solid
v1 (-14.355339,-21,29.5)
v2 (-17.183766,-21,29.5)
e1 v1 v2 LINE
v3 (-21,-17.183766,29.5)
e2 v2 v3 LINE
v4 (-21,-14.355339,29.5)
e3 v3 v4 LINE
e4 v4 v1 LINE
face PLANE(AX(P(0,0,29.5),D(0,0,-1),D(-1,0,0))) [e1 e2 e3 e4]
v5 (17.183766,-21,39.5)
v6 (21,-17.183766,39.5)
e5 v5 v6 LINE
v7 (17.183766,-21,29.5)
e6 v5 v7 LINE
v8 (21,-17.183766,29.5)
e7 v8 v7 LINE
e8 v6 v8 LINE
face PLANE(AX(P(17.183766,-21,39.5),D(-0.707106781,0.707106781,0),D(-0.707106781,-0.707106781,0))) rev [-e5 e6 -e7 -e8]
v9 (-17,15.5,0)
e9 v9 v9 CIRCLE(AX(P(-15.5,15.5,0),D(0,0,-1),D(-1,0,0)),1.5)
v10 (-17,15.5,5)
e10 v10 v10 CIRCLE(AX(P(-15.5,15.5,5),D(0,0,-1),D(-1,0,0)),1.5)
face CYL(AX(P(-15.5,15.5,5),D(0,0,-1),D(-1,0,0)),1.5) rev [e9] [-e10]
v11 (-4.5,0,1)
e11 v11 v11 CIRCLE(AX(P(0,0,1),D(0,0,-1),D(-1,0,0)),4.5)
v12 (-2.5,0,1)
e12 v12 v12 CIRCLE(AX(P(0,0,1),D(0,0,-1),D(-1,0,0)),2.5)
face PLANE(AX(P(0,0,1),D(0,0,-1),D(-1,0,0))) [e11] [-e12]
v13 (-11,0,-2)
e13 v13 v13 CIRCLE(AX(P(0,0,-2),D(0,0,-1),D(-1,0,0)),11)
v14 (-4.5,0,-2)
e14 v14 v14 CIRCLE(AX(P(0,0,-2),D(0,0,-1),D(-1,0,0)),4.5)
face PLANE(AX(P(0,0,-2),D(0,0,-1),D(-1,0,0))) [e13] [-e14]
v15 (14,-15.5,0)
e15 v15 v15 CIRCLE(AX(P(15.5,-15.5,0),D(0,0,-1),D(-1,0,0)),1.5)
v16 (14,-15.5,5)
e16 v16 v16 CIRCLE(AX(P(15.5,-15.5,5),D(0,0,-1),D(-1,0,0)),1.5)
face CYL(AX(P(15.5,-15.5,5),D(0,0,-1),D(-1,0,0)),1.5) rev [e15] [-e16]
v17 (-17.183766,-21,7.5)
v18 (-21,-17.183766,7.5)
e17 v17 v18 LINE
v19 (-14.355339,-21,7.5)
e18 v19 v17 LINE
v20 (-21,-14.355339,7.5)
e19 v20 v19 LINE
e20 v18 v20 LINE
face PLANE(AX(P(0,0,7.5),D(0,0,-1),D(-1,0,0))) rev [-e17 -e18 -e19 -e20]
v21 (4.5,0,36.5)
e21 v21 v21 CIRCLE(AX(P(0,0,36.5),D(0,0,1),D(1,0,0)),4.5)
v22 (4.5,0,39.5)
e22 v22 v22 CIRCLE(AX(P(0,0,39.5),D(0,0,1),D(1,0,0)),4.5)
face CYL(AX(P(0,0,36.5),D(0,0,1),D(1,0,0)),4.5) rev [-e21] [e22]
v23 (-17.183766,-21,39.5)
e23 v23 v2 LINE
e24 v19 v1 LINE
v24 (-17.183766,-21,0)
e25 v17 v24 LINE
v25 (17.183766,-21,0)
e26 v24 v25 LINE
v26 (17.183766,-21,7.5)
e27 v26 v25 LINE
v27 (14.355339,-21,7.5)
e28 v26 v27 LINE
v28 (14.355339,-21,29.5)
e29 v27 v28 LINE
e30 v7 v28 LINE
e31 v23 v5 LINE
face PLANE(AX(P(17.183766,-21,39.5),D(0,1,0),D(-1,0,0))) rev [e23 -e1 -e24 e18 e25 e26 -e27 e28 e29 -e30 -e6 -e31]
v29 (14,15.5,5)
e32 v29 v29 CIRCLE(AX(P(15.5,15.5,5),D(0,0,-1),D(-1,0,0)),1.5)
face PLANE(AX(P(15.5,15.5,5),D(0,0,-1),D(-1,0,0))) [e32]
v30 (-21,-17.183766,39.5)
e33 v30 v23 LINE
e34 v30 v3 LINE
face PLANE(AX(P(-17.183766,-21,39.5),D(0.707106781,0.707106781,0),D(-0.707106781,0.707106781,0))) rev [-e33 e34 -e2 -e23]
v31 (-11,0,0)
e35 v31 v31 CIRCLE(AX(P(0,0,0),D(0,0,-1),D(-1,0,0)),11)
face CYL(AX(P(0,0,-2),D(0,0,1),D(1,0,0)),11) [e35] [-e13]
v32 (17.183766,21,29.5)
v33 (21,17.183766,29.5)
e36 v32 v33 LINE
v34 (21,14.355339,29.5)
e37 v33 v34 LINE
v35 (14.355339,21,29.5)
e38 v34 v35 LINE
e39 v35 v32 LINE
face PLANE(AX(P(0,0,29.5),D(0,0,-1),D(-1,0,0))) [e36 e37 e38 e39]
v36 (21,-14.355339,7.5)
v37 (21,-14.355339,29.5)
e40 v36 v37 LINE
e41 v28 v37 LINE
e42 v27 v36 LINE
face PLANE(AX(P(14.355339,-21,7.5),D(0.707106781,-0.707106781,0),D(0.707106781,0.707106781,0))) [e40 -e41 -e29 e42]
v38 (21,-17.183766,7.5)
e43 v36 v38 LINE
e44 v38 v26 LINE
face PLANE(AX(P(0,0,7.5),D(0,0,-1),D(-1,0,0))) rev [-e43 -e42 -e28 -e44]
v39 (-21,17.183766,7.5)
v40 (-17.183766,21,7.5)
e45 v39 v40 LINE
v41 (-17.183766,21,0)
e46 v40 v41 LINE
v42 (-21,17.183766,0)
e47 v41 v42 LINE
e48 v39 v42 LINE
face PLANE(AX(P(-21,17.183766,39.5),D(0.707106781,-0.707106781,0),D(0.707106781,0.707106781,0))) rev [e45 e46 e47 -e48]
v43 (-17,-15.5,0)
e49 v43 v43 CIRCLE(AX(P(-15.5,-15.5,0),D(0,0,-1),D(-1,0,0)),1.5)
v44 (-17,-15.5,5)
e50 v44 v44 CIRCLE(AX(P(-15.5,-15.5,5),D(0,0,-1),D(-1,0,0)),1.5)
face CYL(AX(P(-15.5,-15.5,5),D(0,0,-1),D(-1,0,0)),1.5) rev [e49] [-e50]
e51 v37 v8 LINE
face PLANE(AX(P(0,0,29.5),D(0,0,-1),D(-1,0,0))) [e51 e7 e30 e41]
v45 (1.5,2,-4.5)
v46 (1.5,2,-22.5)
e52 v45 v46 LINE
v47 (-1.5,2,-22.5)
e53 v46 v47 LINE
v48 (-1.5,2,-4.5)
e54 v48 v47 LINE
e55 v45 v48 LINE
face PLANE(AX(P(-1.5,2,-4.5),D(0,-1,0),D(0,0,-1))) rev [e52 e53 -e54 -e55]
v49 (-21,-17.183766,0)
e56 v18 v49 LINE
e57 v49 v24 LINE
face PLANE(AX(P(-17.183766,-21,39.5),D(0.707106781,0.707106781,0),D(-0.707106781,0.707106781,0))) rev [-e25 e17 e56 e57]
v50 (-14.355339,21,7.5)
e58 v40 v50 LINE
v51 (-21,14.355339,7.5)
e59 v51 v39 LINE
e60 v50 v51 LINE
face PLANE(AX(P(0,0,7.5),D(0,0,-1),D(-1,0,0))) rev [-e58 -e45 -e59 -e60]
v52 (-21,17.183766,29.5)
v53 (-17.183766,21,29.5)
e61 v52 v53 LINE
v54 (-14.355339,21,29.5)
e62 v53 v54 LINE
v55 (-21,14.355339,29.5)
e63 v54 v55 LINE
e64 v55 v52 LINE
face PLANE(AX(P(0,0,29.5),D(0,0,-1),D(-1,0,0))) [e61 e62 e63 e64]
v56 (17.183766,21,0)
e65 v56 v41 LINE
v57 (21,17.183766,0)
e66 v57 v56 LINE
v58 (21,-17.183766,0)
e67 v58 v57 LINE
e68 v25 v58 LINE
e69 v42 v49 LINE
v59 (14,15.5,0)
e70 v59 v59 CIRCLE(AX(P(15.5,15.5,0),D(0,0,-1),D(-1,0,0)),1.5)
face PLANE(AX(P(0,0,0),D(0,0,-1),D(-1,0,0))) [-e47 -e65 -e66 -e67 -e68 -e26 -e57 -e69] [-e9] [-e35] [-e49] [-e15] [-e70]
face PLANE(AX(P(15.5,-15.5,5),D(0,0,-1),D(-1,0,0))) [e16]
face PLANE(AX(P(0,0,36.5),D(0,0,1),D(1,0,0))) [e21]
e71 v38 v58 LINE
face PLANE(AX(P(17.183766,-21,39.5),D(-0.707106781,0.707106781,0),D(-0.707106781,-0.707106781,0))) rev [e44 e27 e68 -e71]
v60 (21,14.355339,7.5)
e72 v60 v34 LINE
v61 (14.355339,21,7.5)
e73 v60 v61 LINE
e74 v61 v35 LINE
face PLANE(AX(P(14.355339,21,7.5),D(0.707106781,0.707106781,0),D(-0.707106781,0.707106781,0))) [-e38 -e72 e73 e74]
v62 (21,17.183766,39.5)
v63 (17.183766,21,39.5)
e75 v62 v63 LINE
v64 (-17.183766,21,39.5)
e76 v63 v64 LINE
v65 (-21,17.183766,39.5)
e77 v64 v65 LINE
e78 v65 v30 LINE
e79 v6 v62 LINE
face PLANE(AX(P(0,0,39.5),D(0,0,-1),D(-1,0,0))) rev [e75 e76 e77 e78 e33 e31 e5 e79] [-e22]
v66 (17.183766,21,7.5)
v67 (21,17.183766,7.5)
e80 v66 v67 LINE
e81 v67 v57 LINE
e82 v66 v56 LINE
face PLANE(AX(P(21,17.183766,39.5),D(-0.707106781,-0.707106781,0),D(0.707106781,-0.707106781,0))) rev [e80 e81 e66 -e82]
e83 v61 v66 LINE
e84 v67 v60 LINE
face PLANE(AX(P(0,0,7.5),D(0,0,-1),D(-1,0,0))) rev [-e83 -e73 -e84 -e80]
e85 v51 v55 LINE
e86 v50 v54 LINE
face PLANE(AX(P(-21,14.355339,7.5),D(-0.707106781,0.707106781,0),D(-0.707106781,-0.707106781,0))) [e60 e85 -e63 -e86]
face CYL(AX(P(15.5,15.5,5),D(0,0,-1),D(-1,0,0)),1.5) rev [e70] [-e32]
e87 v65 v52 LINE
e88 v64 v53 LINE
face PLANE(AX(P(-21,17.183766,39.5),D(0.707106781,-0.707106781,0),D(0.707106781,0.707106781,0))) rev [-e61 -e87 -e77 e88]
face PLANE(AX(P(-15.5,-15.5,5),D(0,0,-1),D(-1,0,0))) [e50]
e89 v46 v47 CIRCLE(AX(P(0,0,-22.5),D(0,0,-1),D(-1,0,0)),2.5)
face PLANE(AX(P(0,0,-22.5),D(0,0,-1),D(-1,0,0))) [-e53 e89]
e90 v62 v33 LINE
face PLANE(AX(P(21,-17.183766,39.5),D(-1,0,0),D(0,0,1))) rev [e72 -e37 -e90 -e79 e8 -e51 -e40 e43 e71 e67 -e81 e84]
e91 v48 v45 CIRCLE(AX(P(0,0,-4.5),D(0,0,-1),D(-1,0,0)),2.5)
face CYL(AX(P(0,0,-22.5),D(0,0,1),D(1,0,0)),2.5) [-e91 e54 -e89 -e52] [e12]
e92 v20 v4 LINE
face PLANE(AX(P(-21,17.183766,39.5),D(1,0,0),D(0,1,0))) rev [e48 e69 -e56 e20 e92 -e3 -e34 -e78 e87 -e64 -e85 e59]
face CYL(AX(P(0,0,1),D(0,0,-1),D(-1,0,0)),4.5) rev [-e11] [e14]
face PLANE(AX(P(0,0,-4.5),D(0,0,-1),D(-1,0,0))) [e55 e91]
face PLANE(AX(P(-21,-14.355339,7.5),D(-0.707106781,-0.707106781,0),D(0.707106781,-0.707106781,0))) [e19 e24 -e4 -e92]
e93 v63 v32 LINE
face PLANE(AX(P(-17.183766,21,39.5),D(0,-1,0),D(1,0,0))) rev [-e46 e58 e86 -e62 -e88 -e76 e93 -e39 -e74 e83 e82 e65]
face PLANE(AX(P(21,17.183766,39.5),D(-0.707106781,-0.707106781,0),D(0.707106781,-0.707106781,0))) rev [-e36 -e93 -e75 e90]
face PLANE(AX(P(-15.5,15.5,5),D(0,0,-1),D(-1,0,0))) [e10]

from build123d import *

# Parameters (mm, degrees)
EXTRUDE_1_DEPTH     = 39.5
SKETCH_2_R          = 11
EXTRUDE_2_DEPTH     = 2
SKETCH_3_R          = 2.5
EXTRUDE_3_DEPTH     = 20.5
SKETCH_4_R          = 1.5
CUT_EXTRUDE_1_DEPTH = 5
CUT_EXTRUDE_START   = -18
CUT_EXTRUDE_2_DEPTH = 18
SKETCH_6_R          = 4.5
CUT_EXTRUDE_3_DEPTH = 3
CUT_EXTRUDE_START_2 = -3
SKETCH_7_R          = 4.5
SKETCH_7_R_2        = 2.5
CUT_EXTRUDE_4_DEPTH = 3
SKETCH_8_W          = 61.801157568
SKETCH_8_H          = 60.217907666
CUT_EXTRUDE_5_DEPTH = 22


with BuildPart() as part:
    # 草图1 → 凸台-拉伸1 (new body)
    with BuildSketch(Plane.XY):
        Polygon((-17.183766184, 21), (17.183766184, 21), (21, 17.183766184), (21, -17.183766184), (17.183766184, -21), (-17.183766184, -21), (-21, -17.183766184), (-21, 17.183766184), align=None)
    extrude(amount=EXTRUDE_1_DEPTH)

    # 草图2 → 凸台-拉伸2 (add)
    with BuildSketch(Plane(origin=(0, 0, 0), x_dir=(-1, 0, 0), z_dir=(0, 0, -1))):
        Circle(SKETCH_2_R)
    extrude(amount=EXTRUDE_2_DEPTH)

    # 草图3 → 凸台-拉伸3 (add)
    with BuildSketch(Plane(origin=(0, 0, -2), x_dir=(-1, 0, 0), z_dir=(0, 0, -1))):
        Circle(SKETCH_3_R)
    extrude(amount=EXTRUDE_3_DEPTH)

    # 草图4 → 切除-拉伸1 (cut)
    with BuildSketch(Plane(origin=(0, 0, 0), x_dir=(-1, 0, 0), z_dir=(0, 0, -1))):
        with Locations((-15.5, -15.5)):
            Circle(SKETCH_4_R)
        with Locations((-15.5, 15.5)):
            Circle(SKETCH_4_R)
        with Locations((15.5, 15.5)):
            Circle(SKETCH_4_R)
        with Locations((15.5, -15.5)):
            Circle(SKETCH_4_R)
    extrude(amount=-CUT_EXTRUDE_1_DEPTH, mode=Mode.SUBTRACT)

    # 草图5 → 切除-拉伸2 (cut)
    with BuildSketch(Plane(origin=(0, 0, -22.5), x_dir=(-1, 0, 0), z_dir=(0, 0, -1)).offset(CUT_EXTRUDE_START)):
        with BuildLine():
            Line((1.5, 2), (-1.5, 2))
            ThreePointArc((-1.5, 2), (0, 2.5), (1.5, 2))
        make_face()
    extrude(amount=CUT_EXTRUDE_2_DEPTH, mode=Mode.SUBTRACT)

    # 草图6 → 切除-拉伸3 (cut)
    with BuildSketch(Plane.XY.offset(39.5)):
        Circle(SKETCH_6_R)
    extrude(amount=-CUT_EXTRUDE_3_DEPTH, mode=Mode.SUBTRACT)

    # 草图7 → 切除-拉伸4 (cut)
    with BuildSketch(Plane(origin=(0, 0, -2), x_dir=(-1, 0, 0), z_dir=(0, 0, -1)).offset(CUT_EXTRUDE_START_2)):
        with Locations(Location((0, 0, 0), (0, 0, 180))):
            Circle(SKETCH_7_R)
        with Locations(Location((0, 0, 0), (0, 0, 126.869897646))):
            Circle(SKETCH_7_R_2, mode=Mode.SUBTRACT)
    extrude(amount=CUT_EXTRUDE_4_DEPTH, mode=Mode.SUBTRACT)

    # 草图8 → 切除-拉伸5 (cut)
    with BuildSketch(Plane.XY.offset(29.5)):
        Rectangle(SKETCH_8_W, SKETCH_8_H)
        Polygon((21, -14.355339059), (21, 14.355339059), (14.355339059, 21), (-14.355339059, 21), (-21, 14.355339059), (-21, -14.355339059), (-14.355339059, -21), (14.355339059, -21), align=None, mode=Mode.SUBTRACT)
    extrude(amount=-CUT_EXTRUDE_5_DEPTH, mode=Mode.SUBTRACT)


solid = part.part
